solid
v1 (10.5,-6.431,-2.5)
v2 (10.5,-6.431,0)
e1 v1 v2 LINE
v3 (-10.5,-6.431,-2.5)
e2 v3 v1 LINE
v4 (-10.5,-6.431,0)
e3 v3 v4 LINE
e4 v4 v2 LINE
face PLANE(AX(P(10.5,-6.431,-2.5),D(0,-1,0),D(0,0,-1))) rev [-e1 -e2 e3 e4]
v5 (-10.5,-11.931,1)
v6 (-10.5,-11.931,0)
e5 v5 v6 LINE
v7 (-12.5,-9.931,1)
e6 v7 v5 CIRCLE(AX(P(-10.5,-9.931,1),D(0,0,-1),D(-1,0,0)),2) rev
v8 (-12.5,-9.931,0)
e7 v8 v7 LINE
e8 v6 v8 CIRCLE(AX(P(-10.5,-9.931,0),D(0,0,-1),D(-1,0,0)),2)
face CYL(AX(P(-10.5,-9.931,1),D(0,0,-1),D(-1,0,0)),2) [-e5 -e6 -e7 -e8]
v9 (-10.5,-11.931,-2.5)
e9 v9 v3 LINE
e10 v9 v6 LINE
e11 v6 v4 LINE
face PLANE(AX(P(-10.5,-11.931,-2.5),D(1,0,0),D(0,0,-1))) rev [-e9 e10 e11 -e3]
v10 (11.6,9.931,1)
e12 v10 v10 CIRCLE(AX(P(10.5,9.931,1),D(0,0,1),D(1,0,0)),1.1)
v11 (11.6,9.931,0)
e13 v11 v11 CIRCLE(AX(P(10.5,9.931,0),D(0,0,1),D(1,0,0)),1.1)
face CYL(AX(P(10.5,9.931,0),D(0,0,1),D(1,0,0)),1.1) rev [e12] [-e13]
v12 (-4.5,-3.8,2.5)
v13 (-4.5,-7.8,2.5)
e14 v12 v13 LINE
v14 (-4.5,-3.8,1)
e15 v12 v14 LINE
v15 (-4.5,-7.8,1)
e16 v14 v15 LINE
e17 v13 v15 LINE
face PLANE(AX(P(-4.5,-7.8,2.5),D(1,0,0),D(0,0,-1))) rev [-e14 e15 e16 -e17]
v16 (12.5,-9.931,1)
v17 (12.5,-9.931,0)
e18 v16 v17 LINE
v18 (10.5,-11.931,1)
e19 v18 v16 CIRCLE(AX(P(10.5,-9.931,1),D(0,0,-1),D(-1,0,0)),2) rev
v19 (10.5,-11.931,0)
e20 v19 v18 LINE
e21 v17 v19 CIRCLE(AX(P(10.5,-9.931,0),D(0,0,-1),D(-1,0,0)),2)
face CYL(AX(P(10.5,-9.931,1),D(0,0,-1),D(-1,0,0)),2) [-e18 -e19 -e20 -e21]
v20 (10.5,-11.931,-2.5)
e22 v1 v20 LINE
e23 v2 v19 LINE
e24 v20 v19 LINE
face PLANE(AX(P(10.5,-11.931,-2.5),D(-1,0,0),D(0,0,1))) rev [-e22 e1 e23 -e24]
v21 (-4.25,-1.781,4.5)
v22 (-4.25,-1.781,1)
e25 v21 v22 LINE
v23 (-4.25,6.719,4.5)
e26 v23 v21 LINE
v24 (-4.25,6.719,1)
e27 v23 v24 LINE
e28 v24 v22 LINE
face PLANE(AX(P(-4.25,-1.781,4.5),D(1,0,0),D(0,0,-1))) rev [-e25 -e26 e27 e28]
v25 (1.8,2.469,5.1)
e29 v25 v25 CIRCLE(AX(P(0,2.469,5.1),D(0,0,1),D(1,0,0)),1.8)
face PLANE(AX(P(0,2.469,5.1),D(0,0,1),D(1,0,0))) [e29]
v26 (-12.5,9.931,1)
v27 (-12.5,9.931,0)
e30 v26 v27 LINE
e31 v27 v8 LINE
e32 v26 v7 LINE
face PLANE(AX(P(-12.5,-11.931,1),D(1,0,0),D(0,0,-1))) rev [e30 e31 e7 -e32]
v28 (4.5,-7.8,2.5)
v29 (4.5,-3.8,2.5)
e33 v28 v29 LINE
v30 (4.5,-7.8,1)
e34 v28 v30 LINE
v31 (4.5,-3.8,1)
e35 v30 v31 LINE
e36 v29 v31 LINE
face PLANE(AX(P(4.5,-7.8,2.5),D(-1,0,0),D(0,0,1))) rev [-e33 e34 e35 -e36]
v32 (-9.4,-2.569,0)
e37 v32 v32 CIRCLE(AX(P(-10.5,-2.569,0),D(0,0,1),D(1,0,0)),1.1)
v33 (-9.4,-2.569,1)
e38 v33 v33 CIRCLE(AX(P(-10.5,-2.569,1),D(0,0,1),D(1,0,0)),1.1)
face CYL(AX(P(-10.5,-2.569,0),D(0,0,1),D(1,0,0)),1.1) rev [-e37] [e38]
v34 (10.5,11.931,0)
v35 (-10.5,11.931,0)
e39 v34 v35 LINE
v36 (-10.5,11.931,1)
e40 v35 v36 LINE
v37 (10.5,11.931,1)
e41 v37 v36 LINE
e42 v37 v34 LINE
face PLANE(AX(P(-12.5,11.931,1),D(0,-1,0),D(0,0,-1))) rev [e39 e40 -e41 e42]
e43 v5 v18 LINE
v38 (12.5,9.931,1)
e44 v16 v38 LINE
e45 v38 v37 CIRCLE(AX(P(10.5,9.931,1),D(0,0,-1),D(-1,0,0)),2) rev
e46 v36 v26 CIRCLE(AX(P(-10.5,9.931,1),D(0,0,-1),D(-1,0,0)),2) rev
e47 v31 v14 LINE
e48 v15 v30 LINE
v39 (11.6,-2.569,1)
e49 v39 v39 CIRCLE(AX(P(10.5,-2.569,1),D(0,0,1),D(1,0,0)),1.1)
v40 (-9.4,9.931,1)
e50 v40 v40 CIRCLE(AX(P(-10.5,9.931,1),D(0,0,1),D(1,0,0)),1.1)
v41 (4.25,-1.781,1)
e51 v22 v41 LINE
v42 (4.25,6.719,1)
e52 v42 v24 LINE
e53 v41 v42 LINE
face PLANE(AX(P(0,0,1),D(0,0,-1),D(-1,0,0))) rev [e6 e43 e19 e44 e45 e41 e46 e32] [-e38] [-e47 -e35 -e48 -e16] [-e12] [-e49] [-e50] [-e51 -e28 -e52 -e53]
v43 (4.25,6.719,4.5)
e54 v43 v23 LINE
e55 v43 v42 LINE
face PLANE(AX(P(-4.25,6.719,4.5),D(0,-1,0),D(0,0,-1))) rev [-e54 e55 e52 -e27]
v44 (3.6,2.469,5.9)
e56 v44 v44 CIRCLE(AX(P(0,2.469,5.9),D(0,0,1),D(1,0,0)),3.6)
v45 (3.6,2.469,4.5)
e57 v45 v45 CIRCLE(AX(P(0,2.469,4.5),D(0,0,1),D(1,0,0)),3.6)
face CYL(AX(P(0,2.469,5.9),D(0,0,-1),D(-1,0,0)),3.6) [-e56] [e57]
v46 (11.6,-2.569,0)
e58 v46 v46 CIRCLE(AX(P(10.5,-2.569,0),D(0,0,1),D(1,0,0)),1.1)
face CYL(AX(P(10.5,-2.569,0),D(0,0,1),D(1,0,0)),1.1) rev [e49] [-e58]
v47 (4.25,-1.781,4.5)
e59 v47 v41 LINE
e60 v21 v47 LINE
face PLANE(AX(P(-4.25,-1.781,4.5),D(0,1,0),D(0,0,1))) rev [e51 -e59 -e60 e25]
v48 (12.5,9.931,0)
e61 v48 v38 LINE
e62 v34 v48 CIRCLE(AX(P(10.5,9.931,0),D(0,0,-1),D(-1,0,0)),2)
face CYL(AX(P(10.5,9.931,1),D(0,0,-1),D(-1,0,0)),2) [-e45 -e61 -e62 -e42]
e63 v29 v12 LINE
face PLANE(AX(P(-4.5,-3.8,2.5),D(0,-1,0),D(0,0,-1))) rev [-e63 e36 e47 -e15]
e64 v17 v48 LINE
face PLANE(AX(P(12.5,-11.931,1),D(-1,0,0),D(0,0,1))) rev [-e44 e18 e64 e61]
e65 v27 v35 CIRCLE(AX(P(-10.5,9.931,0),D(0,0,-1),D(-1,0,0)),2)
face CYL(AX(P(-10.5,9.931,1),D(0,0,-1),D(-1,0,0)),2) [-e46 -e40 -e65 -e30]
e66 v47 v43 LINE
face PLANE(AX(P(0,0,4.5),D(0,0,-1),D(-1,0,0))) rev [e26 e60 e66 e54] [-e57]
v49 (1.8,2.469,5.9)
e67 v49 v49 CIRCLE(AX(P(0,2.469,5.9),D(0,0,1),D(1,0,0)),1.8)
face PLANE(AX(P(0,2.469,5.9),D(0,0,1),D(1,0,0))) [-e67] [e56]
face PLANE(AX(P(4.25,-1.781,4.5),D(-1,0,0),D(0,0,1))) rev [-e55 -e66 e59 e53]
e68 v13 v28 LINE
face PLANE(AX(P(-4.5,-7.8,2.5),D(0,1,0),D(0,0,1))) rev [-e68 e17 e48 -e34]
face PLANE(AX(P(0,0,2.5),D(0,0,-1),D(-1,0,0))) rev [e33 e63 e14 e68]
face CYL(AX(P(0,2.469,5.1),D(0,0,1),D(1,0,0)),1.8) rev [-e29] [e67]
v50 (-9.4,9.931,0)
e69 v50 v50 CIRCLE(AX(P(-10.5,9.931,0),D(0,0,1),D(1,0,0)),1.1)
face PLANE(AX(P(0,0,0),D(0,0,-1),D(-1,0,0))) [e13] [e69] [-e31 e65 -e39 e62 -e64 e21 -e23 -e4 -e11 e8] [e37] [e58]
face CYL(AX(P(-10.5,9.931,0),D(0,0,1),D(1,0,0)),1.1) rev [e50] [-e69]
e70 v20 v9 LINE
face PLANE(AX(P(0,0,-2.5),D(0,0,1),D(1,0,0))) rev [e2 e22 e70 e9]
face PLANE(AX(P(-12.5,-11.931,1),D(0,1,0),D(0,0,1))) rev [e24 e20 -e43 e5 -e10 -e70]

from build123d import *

# Parameters (mm, degrees)
SKETCH1_W            = 25
SKETCH1_H            = 23.862
PCB_BOARD_DEPTH      = 1
PCB_CORNER_FILLETS_R = 2
SKETCH2_R            = 1.1
MOUNTING_HOLES_DEPTH = 18.308921428
SKETCH3_W            = 8.5
SKETCH3_H            = 8.5
SENSOR_HOUSING_DEPTH = 3.5
SKETCH4_R            = 3.6
LENS_BARREL_DEPTH    = 1.4
SKETCH5_R            = 1.8
LENS_APERTURE_DEPTH  = 0.8
SKETCH6_W            = 21
SKETCH6_H            = 5.5
CSI_CONNECTOR_DEPTH  = 2.5
SKETCH7_W            = 9
SKETCH7_H            = 4
FLEX_CONNECTOR_DEPTH = 1.5


with BuildPart() as part:
    # Sketch1 → PCB_Board (new body)
    with BuildSketch(Plane.XY):
        Rectangle(SKETCH1_W, SKETCH1_H)
    extrude(amount=PCB_BOARD_DEPTH)

    # PCB_Corner_Fillets
    pcb_corner_fillets_edges = [part.edges().sort_by_distance(p)[0] for p in [
        (-12.5, 11.931, 0.5),
        (12.5, 11.931, 0.5),
        (12.5, -11.931, 0.5),
        (-12.5, -11.931, 0.5),
    ]]
    fillet(pcb_corner_fillets_edges, radius=PCB_CORNER_FILLETS_R)

    # Sketch2 → Mounting_Holes (cut, through all)
    with BuildSketch(Plane.XY.offset(1)):
        with Locations((10.5, 9.931)):
            Circle(SKETCH2_R)
        with Locations((-10.5, 9.931)):
            Circle(SKETCH2_R)
        with Locations((10.5, -2.569)):
            Circle(SKETCH2_R)
        with Locations((-10.5, -2.569)):
            Circle(SKETCH2_R)
    extrude(amount=-MOUNTING_HOLES_DEPTH, mode=Mode.SUBTRACT)

    # Sketch3 → Sensor_Housing (add)
    with BuildSketch(Plane.XY.offset(1)):
        with Locations((0, 2.469)):
            Rectangle(SKETCH3_W, SKETCH3_H)
    extrude(amount=SENSOR_HOUSING_DEPTH)

    # Sketch4 → Lens_Barrel (add)
    with BuildSketch(Plane.XY.offset(4.5)):
        with Locations((0, 2.469)):
            Circle(SKETCH4_R)
    extrude(amount=LENS_BARREL_DEPTH)

    # Sketch5 → Lens_Aperture (cut)
    with BuildSketch(Plane.XY.offset(5.9)):
        with Locations((0, 2.469)):
            Circle(SKETCH5_R)
    extrude(amount=-LENS_APERTURE_DEPTH, mode=Mode.SUBTRACT)

    # Sketch6 → CSI_Connector (add)
    with BuildSketch(Plane(origin=(0, 0, 0), x_dir=(-1, 0, 0), z_dir=(0, 0, -1))):
        with Locations((0, -9.181)):
            Rectangle(SKETCH6_W, SKETCH6_H)
    extrude(amount=CSI_CONNECTOR_DEPTH)

    # Sketch7 → Flex_Connector (add)
    with BuildSketch(Plane.XY.offset(1)):
        with Locations((0, -5.8)):
            Rectangle(SKETCH7_W, SKETCH7_H)
    extrude(amount=FLEX_CONNECTOR_DEPTH)


solid = part.part
